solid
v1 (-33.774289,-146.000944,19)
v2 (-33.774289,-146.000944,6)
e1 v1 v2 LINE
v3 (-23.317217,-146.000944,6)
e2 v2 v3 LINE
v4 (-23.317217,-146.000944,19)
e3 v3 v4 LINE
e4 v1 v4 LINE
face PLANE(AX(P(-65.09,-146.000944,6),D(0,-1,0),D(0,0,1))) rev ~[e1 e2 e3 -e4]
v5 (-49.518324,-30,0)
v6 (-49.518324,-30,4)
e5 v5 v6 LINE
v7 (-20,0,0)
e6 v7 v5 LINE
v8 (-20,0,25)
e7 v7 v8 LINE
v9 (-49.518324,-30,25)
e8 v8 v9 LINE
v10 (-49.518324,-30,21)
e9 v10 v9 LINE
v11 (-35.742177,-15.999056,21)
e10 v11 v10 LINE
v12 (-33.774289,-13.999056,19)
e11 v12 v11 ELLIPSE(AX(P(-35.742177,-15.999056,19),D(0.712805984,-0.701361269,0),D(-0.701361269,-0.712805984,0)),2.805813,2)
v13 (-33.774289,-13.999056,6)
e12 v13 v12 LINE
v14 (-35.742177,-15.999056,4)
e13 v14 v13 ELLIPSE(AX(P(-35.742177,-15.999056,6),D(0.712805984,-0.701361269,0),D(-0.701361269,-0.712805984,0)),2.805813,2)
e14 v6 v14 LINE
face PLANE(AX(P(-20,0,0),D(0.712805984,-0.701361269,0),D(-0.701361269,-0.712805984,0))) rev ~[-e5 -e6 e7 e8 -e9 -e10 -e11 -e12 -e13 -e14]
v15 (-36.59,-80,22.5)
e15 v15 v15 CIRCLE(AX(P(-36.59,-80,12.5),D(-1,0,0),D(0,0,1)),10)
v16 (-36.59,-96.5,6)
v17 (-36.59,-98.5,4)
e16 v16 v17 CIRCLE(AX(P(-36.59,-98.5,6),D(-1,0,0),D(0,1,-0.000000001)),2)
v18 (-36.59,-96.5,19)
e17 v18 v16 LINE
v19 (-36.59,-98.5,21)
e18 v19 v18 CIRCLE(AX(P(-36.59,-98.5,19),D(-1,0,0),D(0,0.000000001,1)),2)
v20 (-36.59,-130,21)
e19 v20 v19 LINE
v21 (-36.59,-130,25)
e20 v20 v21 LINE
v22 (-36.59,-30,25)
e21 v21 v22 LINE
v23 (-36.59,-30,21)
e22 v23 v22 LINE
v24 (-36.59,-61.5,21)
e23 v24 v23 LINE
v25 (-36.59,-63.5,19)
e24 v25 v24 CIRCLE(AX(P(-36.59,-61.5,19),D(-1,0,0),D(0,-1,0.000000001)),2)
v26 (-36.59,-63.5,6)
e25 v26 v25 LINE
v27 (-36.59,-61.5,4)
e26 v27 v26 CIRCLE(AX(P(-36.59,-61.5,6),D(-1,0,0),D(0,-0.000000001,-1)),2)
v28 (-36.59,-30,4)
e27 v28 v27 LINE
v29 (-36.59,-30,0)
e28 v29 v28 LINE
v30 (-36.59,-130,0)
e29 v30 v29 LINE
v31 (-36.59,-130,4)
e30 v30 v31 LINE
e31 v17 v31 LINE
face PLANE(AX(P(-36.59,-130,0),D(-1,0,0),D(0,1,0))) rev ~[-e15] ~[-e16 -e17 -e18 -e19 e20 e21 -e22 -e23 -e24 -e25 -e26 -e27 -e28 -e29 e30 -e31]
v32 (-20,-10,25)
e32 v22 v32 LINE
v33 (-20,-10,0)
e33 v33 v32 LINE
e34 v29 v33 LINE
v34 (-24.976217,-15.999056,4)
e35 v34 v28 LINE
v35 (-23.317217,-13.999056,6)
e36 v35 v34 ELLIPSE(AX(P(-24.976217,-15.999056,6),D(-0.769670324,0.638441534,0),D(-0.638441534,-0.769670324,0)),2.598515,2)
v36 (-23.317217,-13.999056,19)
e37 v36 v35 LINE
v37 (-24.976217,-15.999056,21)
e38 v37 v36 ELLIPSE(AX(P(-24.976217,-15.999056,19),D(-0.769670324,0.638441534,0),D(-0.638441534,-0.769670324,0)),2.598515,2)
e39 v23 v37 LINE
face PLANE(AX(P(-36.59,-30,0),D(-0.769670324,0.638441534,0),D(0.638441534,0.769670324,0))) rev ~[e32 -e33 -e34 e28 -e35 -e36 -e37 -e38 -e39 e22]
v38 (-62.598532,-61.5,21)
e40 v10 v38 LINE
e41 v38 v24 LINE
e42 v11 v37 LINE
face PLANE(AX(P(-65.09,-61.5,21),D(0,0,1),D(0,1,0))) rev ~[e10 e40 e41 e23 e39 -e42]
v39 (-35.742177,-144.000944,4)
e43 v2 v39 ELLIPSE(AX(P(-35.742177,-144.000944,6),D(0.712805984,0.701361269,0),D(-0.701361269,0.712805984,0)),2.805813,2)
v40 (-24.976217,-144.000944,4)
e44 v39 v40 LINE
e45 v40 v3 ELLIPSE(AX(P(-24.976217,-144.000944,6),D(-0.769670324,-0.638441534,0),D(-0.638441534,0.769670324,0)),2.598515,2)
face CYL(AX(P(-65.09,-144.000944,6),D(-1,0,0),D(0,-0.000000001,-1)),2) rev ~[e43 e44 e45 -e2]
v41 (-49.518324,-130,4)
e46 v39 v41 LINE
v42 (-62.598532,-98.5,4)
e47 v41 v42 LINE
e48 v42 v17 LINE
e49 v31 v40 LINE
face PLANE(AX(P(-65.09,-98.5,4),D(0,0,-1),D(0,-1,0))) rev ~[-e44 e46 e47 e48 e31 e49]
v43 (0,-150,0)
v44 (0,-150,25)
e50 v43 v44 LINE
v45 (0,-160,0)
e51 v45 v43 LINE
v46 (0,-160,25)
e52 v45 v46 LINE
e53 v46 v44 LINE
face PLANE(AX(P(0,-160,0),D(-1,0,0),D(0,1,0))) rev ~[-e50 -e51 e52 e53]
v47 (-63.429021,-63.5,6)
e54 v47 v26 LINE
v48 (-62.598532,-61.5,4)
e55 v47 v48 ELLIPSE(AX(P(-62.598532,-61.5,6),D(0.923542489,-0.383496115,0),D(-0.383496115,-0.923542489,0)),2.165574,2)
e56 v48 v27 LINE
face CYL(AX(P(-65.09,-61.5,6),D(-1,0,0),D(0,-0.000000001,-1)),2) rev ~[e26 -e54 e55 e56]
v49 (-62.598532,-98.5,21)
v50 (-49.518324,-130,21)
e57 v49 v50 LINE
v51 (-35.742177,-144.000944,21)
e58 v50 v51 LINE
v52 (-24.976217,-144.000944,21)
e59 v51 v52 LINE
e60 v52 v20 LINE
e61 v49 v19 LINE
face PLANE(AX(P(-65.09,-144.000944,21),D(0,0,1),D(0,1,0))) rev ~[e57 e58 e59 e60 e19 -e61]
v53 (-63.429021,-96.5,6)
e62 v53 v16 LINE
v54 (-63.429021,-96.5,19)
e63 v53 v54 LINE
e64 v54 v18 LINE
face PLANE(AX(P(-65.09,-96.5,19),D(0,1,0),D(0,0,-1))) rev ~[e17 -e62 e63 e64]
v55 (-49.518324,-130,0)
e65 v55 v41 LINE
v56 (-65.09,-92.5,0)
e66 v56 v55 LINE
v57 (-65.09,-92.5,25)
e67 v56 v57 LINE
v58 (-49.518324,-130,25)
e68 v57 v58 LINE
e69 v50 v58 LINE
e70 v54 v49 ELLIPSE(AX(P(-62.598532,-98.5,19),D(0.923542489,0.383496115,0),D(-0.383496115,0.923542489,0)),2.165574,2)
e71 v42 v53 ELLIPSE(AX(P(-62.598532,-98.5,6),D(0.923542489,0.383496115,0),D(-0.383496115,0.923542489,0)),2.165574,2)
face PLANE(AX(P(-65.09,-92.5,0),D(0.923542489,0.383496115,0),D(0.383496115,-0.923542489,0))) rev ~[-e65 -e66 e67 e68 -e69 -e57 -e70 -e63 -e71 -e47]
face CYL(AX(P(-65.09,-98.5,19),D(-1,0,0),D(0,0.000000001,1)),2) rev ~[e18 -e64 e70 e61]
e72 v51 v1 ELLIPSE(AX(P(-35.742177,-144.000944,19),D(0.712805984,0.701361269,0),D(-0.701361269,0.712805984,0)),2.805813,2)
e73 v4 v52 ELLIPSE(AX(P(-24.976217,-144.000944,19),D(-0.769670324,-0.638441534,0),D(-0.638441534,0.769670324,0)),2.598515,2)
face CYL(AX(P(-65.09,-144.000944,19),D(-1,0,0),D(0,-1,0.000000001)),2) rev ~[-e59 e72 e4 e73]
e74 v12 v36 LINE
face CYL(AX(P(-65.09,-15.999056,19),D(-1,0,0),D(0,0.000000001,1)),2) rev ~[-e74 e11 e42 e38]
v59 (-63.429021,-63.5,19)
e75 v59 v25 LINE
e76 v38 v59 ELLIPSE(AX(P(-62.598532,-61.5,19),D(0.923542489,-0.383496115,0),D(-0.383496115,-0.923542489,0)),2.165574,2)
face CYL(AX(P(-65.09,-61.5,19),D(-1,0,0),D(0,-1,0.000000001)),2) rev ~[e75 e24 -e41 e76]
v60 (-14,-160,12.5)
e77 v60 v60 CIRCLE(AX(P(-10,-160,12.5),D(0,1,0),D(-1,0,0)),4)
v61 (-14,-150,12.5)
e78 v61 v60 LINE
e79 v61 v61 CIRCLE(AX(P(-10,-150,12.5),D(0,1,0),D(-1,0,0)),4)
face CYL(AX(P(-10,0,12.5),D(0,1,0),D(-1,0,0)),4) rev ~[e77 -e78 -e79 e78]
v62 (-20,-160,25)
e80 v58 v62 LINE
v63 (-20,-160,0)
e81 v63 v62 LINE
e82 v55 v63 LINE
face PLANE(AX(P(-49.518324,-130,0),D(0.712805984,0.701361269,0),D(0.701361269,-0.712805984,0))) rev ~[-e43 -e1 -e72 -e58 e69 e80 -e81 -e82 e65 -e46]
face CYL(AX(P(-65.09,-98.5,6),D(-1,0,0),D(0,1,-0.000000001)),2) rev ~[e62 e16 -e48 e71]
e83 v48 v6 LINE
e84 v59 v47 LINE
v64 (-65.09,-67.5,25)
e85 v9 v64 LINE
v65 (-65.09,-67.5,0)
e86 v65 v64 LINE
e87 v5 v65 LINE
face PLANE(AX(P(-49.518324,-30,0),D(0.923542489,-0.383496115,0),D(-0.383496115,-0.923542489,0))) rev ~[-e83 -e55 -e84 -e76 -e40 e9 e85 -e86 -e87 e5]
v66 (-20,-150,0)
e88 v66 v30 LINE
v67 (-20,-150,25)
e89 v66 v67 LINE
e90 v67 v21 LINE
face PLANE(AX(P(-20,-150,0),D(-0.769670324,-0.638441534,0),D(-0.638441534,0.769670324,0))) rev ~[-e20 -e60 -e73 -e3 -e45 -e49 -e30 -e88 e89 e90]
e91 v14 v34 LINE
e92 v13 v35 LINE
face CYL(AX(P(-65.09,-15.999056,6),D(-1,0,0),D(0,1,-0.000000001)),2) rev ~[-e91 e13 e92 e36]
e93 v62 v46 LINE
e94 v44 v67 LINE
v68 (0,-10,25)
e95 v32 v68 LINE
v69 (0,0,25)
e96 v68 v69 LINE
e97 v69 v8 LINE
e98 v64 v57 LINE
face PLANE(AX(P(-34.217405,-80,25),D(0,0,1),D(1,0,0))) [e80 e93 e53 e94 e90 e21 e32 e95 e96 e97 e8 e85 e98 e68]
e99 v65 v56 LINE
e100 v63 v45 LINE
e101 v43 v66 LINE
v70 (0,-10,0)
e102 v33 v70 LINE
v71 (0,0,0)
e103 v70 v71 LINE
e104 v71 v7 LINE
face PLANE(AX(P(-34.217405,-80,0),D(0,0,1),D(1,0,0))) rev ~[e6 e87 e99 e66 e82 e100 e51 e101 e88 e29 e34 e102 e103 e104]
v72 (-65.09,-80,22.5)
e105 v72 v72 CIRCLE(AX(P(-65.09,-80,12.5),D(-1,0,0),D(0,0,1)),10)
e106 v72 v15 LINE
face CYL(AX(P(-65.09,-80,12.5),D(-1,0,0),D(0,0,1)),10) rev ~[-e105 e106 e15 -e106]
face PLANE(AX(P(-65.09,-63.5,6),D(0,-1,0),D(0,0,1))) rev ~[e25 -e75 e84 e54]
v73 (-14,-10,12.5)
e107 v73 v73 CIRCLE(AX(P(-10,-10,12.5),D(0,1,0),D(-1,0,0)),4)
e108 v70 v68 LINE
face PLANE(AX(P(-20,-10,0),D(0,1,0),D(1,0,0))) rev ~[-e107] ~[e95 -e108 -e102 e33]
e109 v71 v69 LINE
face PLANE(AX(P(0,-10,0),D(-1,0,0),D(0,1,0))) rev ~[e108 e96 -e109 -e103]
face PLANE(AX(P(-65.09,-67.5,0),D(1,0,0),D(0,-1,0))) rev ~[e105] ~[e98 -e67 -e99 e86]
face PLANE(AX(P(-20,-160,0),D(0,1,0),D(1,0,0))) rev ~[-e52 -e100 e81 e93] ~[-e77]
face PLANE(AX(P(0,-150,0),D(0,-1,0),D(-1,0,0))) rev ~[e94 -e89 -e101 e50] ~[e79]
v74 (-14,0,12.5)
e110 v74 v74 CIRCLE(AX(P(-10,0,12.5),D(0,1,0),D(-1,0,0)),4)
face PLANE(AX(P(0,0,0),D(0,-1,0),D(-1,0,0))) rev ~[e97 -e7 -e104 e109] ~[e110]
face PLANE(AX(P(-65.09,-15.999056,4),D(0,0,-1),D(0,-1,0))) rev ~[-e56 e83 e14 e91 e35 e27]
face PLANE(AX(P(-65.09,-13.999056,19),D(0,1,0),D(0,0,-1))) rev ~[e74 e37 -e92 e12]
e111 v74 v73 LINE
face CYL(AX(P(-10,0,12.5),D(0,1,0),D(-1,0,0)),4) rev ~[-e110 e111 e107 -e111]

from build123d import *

# Parameters (mm, degrees)
BOSS_EXTRUDE1_DEPTH = 25
SKETCH3_R           = 10
CUT_EXTRUDE2_DEPTH  = 175.532828144
SKETCH4_R           = 4
CUT_EXTRUDE3_DEPTH  = 175.532828144


with BuildPart() as part:
    # Sketch1 → Boss-Extrude1 (new body)
    with BuildSketch(Plane.XY):
        Polygon((0, 0), (-20, 0), (-49.518324122, -30), (-65.09, -67.5), (-65.09, -92.5), (-49.518324122, -130), (-20, -160), (0, -160), (0, -150), (-20, -150), (-36.59, -130), (-36.59, -30), (-20, -10), (0, -10), align=None)
    extrude(amount=BOSS_EXTRUDE1_DEPTH)

    # Sketch3 → Cut-Extrude2 (cut, through all)
    with BuildSketch(Plane.ZY.offset(65.09)):
        with Locations((12.5, -80)):
            Circle(SKETCH3_R)
        with BuildLine():
            Line((6, -63.5), (19, -63.5))
            ThreePointArc((19, -63.5), (20.414213562, -62.914213562), (21, -61.5))
            Line((21, -61.5), (21, -15.999055713))
            ThreePointArc((21, -15.999055713), (20.414213562, -14.584842151), (19, -13.999055713))
            Line((19, -13.999055713), (6, -13.999055713))
            ThreePointArc((6, -13.999055713), (4.585786438, -14.584842151), (4, -15.999055713))
            Line((4, -15.999055713), (4, -61.5))
            ThreePointArc((4, -61.5), (4.585786438, -62.914213562), (6, -63.5))
        make_face()
        with BuildLine():
            Line((6, -146.000944287), (19, -146.000944287))
            ThreePointArc((19, -146.000944287), (20.414213562, -145.415157849), (21, -144.000944287))
            Line((21, -144.000944287), (21, -98.5))
            ThreePointArc((21, -98.5), (20.414213562, -97.085786438), (19, -96.5))
            Line((19, -96.5), (6, -96.5))
            ThreePointArc((6, -96.5), (4.585786438, -97.085786438), (4, -98.5))
            Line((4, -98.5), (4, -144.000944287))
            ThreePointArc((4, -144.000944287), (4.585786438, -145.415157849), (6, -146.000944287))
        make_face()
    extrude(amount=-CUT_EXTRUDE2_DEPTH, mode=Mode.SUBTRACT)

    # Sketch4 → Cut-Extrude3 (cut, through all)
    with BuildSketch(Plane(origin=(0, 0, 0), x_dir=(1, 0, 0), z_dir=(0, 1, 0))):
        with Locations(Location((-10, -12.5, 0), (0, 0, 180))):
            Circle(SKETCH4_R)
    extrude(amount=-CUT_EXTRUDE3_DEPTH, mode=Mode.SUBTRACT)


solid = part.part
